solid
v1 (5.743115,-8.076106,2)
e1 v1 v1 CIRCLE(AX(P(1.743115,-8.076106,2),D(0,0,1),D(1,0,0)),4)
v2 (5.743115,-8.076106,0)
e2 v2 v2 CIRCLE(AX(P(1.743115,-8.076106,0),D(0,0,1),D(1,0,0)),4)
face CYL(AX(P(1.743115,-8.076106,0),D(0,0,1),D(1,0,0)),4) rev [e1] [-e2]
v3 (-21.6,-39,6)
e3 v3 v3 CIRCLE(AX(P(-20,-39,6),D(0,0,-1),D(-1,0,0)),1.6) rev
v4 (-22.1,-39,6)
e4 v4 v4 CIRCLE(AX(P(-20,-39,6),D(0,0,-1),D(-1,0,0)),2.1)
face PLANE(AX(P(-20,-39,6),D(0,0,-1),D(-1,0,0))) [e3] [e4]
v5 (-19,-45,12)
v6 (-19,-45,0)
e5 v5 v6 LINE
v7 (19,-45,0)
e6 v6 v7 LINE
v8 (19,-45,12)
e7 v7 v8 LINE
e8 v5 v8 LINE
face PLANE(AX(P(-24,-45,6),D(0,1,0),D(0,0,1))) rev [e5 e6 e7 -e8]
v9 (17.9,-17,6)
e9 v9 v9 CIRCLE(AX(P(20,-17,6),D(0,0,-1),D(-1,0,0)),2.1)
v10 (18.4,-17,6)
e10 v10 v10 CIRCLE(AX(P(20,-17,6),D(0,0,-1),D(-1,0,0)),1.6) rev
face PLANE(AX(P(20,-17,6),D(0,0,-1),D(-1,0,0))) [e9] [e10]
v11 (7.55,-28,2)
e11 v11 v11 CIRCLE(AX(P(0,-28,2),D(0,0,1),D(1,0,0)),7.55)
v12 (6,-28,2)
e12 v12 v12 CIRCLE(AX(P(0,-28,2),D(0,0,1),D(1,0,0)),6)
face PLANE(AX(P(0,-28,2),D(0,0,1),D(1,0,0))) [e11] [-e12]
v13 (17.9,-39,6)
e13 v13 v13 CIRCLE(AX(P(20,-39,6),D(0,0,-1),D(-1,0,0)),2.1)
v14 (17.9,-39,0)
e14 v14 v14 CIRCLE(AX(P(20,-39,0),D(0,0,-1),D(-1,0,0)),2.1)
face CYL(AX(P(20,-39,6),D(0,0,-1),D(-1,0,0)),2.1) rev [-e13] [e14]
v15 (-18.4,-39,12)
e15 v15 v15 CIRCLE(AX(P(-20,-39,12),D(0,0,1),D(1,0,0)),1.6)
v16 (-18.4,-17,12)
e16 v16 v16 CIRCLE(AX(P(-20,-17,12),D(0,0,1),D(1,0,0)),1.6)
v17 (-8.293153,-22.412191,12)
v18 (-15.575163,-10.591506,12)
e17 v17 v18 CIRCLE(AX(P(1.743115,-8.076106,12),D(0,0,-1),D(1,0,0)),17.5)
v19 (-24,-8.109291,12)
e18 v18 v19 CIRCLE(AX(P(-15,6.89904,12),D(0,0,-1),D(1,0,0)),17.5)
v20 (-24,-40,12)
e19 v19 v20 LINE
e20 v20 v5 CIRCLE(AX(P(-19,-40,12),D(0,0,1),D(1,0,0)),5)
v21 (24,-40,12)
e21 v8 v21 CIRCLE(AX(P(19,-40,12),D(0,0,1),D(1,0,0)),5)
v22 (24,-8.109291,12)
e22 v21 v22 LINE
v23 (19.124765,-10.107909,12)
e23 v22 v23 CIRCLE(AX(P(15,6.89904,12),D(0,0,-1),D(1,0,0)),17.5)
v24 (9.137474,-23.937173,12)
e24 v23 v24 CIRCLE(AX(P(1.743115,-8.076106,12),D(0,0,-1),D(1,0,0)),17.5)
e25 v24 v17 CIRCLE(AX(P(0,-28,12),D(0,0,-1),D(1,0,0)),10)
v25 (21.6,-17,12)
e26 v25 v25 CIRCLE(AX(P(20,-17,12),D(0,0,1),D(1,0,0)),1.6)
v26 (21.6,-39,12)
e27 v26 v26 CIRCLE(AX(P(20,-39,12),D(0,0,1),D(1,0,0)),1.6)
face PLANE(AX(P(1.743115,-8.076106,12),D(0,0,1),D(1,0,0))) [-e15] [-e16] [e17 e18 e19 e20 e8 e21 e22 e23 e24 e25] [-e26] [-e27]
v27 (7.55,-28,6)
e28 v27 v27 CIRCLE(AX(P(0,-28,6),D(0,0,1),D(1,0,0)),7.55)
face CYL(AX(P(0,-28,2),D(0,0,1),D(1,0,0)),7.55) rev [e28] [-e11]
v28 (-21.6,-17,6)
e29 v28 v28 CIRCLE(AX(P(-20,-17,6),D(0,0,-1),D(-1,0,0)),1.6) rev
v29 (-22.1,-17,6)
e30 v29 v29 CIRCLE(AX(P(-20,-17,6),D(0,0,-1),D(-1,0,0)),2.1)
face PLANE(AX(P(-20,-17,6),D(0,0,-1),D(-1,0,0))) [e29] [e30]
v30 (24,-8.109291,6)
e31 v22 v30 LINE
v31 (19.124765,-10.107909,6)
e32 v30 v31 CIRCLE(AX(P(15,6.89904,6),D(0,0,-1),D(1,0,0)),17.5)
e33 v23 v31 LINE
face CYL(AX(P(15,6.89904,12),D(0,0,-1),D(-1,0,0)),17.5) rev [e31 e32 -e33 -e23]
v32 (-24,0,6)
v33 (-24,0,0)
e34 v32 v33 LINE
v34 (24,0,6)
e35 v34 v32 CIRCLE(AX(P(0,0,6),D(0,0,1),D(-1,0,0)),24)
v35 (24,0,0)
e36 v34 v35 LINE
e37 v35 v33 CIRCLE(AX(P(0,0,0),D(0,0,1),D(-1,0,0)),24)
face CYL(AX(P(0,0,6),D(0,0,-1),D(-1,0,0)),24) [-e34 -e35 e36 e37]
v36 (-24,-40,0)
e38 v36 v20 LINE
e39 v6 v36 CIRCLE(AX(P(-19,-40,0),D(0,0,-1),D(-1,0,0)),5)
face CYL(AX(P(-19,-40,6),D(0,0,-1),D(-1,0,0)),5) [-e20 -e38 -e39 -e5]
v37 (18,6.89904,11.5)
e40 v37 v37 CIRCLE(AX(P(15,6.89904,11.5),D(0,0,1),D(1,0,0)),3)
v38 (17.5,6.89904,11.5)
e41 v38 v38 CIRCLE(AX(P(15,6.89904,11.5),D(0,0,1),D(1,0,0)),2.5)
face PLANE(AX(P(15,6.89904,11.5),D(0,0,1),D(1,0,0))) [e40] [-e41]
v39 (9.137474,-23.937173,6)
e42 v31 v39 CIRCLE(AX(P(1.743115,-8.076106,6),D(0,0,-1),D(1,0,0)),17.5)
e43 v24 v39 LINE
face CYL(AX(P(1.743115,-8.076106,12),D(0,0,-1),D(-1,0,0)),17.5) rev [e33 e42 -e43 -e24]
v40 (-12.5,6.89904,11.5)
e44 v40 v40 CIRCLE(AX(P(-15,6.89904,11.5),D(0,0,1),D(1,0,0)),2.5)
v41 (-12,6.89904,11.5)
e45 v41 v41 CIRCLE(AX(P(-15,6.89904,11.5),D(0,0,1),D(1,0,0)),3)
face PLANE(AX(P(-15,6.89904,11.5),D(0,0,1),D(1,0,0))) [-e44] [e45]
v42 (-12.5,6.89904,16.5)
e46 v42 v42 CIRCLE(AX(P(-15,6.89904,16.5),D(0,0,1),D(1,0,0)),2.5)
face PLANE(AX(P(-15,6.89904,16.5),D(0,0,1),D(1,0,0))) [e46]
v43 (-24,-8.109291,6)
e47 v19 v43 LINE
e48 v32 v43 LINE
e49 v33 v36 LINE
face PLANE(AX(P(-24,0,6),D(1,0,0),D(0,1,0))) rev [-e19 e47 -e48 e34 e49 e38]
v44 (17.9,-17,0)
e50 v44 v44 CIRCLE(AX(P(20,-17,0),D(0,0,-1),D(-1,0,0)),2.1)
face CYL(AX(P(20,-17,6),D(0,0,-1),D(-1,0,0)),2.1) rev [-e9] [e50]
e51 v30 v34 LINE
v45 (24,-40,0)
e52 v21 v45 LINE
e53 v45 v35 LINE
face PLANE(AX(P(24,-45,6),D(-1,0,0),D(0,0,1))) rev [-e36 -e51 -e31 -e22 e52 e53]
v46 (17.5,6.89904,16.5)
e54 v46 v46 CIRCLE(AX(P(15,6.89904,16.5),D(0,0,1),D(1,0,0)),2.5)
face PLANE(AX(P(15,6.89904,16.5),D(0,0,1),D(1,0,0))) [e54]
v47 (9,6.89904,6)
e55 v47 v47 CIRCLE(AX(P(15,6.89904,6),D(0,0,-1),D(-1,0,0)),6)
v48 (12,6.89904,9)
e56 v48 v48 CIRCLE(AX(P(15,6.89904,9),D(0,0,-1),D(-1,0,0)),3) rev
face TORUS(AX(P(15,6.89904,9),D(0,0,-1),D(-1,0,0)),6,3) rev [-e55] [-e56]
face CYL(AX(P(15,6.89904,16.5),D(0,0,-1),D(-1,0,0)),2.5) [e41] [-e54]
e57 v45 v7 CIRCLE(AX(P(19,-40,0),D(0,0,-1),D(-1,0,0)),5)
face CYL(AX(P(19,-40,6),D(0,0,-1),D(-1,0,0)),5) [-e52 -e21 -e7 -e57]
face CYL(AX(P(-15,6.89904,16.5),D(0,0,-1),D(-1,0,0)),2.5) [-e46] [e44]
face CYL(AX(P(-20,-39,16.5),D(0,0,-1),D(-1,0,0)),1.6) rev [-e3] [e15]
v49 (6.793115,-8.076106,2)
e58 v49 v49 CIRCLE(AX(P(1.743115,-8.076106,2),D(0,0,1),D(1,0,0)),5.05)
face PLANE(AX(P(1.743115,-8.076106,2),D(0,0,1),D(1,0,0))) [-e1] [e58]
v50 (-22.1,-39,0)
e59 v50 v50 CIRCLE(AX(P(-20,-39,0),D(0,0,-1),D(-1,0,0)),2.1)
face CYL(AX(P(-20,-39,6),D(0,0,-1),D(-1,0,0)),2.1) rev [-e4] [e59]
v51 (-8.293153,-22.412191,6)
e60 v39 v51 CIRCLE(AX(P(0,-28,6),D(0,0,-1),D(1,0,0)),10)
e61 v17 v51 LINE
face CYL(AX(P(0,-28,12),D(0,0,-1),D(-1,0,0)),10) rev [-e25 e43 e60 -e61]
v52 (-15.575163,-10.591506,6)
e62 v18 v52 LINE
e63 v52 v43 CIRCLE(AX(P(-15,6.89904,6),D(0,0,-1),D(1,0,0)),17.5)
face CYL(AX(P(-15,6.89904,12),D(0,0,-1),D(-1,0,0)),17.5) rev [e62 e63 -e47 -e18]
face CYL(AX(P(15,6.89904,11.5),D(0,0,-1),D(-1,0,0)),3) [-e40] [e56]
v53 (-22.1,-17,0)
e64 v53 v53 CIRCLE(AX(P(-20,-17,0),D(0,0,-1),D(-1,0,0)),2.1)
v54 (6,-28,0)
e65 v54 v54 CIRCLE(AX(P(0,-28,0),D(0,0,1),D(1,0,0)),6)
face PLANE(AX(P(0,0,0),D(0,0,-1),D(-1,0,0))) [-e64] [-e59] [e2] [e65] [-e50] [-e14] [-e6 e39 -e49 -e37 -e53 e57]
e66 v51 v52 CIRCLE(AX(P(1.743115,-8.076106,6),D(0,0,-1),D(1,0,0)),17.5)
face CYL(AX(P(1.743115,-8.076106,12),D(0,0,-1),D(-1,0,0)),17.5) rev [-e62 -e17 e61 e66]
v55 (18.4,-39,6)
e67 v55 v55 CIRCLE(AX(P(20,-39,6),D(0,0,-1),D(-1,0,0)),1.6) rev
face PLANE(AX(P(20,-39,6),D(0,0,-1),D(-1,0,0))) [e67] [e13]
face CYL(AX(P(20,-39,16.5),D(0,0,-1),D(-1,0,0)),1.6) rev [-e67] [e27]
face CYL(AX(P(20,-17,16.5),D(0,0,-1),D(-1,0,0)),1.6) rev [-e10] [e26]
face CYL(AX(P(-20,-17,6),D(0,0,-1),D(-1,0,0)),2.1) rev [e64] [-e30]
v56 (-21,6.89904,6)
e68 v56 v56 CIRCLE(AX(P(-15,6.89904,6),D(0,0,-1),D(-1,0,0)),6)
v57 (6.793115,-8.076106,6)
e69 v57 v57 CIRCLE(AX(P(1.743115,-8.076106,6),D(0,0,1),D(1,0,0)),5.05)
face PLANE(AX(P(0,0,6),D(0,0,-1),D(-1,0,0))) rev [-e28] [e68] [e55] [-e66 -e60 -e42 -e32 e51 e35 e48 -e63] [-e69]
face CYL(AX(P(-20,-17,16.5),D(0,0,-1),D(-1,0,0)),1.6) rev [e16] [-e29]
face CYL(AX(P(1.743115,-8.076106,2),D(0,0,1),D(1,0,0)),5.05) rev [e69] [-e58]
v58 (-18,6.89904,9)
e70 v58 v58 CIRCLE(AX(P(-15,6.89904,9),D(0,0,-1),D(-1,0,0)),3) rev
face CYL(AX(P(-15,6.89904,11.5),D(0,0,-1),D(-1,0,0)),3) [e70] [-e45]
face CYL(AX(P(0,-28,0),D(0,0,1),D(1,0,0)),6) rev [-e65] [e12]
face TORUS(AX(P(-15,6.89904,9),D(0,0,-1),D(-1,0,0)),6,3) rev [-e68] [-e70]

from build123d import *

# Parameters (mm, degrees)
EXTRUDE_1_DEPTH     = 6
SKETCH_3_R          = 3
EXTRUDE_2_DEPTH     = 5.5
SKETCH_4_R          = 2.5
EXTRUDE_3_DEPTH     = 5
SKETCH_5_R          = 5.05
CUT_EXTRUDE_1_DEPTH = 4
SKETCH_6_R          = 4
CUT_EXTRUDE_2_DEPTH = 3
SKETCH_7_R          = 7.55
CUT_EXTRUDE_3_DEPTH = 4
SKETCH_8_R          = 6
CUT_EXTRUDE_4_DEPTH = 3
FILLET_1_R          = 3
EXTRUDE_4_DEPTH     = 6
SKETCH_10_R         = 1.6
CUT_EXTRUDE_5_DEPTH = 17.5
SKETCH_11_R         = 2.1
CUT_EXTRUDE_6_DEPTH = 6
FILLET_2_R          = 5


with BuildPart() as part:
    # 草图1 → 凸台-拉伸1 (new body)
    with BuildSketch(Plane.XY):
        with BuildLine():
            Line((-24, 0), (-24, -45))
            Line((-24, -45), (24, -45))
            Line((24, -45), (24, 0))
            ThreePointArc((24, 0), (0, 24), (-24, 0))
        make_face()
    extrude(amount=EXTRUDE_1_DEPTH)

    # 草图3 → 凸台-拉伸2 (add)
    with BuildSketch(Plane.XY.offset(6)):
        with Locations((-15, 6.899039913)):
            Circle(SKETCH_3_R)
        with Locations((15, 6.899039913)):
            Circle(SKETCH_3_R)
    extrude(amount=EXTRUDE_2_DEPTH)

    # 草图4 → 凸台-拉伸3 (add)
    with BuildSketch(Plane.XY.offset(11.5)):
        with Locations((-15, 6.899039913)):
            Circle(SKETCH_4_R)
        with Locations((15, 6.899039913)):
            Circle(SKETCH_4_R)
    extrude(amount=EXTRUDE_3_DEPTH)

    # 草图5 → 切除-拉伸1 (cut)
    with BuildSketch(Plane.XY.offset(6)):
        with Locations((1.743114855, -8.076106038)):
            Circle(SKETCH_5_R)
    extrude(amount=-CUT_EXTRUDE_1_DEPTH, mode=Mode.SUBTRACT)

    # 草图6 → 切除-拉伸2 (cut, through all)
    with BuildSketch(Plane.XY.offset(2)):
        with Locations((1.743114855, -8.076106038)):
            Circle(SKETCH_6_R)
    extrude(amount=-CUT_EXTRUDE_2_DEPTH, mode=Mode.SUBTRACT)

    # 草图7 → 切除-拉伸3 (cut)
    with BuildSketch(Plane.XY.offset(6)):
        with Locations((0, -28)):
            Circle(SKETCH_7_R)
    extrude(amount=-CUT_EXTRUDE_3_DEPTH, mode=Mode.SUBTRACT)

    # 草图8 → 切除-拉伸4 (cut, through all)
    with BuildSketch(Plane.XY.offset(2)):
        with Locations((0, -28)):
            Circle(SKETCH_8_R)
    extrude(amount=-CUT_EXTRUDE_4_DEPTH, mode=Mode.SUBTRACT)

    # 圆角1
    fillet_1_edges = [part.edges().sort_by_distance(p)[0] for p in [
        (-18, 6.899039913, 6),
        (12, 6.899039913, 6),
    ]]
    fillet(fillet_1_edges, radius=FILLET_1_R)

    # 草图9 → 凸台-拉伸4 (add)
    with BuildSketch(Plane.XY.offset(6)):
        with BuildLine():
            Line((24, -45), (24, -8.109291107))
            ThreePointArc((24, -8.109291107), (21.638033238, -9.293134578), (19.124765434, -10.107908964))
            ThreePointArc((19.124765434, -10.107908964), (15.930250057, -18.32184636), (9.137474346, -23.93717308))
            ThreePointArc((9.137474346, -23.93717308), (-0.871557427, -37.961946981), (-8.293153088, -22.412190782))
            ThreePointArc((-8.293153088, -22.412190782), (-13.156547867, -17.254888679), (-15.575163477, -10.591505733))
            ThreePointArc((-15.575163477, -10.591505733), (-19.945835244, -9.887523575), (-24, -8.109291107))
            Line((-24, -8.109291107), (-24, -45))
            Line((-24, -45), (24, -45))
        make_face()
    extrude(amount=EXTRUDE_4_DEPTH)

    # 草图10 → 切除-拉伸5 (cut, through all)
    with BuildSketch(Plane(origin=(0, 0, 0), x_dir=(-1, 0, 0), z_dir=(0, 0, -1))):
        with Locations((-20, -39)):
            Circle(SKETCH_10_R)
        with Locations((-20, -17)):
            Circle(SKETCH_10_R)
        with Locations((20, -39)):
            Circle(SKETCH_10_R)
        with Locations((20, -17)):
            Circle(SKETCH_10_R)
    extrude(amount=-CUT_EXTRUDE_5_DEPTH, mode=Mode.SUBTRACT)

    # 草图11 → 切除-拉伸6 (cut)
    with BuildSketch(Plane(origin=(0, 0, 0), x_dir=(-1, 0, 0), z_dir=(0, 0, -1))):
        with Locations((-20, -17)):
            Circle(SKETCH_11_R)
        with Locations((-20, -39)):
            Circle(SKETCH_11_R)
        with Locations((20, -17)):
            Circle(SKETCH_11_R)
        with Locations((20, -39)):
            Circle(SKETCH_11_R)
    extrude(amount=-CUT_EXTRUDE_6_DEPTH, mode=Mode.SUBTRACT)

    # 圆角2
    fillet_2_edges = [part.edges().sort_by_distance(p)[0] for p in [
        (24, -45, 6),
        (-24, -45, 6),
    ]]
    fillet(fillet_2_edges, radius=FILLET_2_R)


solid = part.part
